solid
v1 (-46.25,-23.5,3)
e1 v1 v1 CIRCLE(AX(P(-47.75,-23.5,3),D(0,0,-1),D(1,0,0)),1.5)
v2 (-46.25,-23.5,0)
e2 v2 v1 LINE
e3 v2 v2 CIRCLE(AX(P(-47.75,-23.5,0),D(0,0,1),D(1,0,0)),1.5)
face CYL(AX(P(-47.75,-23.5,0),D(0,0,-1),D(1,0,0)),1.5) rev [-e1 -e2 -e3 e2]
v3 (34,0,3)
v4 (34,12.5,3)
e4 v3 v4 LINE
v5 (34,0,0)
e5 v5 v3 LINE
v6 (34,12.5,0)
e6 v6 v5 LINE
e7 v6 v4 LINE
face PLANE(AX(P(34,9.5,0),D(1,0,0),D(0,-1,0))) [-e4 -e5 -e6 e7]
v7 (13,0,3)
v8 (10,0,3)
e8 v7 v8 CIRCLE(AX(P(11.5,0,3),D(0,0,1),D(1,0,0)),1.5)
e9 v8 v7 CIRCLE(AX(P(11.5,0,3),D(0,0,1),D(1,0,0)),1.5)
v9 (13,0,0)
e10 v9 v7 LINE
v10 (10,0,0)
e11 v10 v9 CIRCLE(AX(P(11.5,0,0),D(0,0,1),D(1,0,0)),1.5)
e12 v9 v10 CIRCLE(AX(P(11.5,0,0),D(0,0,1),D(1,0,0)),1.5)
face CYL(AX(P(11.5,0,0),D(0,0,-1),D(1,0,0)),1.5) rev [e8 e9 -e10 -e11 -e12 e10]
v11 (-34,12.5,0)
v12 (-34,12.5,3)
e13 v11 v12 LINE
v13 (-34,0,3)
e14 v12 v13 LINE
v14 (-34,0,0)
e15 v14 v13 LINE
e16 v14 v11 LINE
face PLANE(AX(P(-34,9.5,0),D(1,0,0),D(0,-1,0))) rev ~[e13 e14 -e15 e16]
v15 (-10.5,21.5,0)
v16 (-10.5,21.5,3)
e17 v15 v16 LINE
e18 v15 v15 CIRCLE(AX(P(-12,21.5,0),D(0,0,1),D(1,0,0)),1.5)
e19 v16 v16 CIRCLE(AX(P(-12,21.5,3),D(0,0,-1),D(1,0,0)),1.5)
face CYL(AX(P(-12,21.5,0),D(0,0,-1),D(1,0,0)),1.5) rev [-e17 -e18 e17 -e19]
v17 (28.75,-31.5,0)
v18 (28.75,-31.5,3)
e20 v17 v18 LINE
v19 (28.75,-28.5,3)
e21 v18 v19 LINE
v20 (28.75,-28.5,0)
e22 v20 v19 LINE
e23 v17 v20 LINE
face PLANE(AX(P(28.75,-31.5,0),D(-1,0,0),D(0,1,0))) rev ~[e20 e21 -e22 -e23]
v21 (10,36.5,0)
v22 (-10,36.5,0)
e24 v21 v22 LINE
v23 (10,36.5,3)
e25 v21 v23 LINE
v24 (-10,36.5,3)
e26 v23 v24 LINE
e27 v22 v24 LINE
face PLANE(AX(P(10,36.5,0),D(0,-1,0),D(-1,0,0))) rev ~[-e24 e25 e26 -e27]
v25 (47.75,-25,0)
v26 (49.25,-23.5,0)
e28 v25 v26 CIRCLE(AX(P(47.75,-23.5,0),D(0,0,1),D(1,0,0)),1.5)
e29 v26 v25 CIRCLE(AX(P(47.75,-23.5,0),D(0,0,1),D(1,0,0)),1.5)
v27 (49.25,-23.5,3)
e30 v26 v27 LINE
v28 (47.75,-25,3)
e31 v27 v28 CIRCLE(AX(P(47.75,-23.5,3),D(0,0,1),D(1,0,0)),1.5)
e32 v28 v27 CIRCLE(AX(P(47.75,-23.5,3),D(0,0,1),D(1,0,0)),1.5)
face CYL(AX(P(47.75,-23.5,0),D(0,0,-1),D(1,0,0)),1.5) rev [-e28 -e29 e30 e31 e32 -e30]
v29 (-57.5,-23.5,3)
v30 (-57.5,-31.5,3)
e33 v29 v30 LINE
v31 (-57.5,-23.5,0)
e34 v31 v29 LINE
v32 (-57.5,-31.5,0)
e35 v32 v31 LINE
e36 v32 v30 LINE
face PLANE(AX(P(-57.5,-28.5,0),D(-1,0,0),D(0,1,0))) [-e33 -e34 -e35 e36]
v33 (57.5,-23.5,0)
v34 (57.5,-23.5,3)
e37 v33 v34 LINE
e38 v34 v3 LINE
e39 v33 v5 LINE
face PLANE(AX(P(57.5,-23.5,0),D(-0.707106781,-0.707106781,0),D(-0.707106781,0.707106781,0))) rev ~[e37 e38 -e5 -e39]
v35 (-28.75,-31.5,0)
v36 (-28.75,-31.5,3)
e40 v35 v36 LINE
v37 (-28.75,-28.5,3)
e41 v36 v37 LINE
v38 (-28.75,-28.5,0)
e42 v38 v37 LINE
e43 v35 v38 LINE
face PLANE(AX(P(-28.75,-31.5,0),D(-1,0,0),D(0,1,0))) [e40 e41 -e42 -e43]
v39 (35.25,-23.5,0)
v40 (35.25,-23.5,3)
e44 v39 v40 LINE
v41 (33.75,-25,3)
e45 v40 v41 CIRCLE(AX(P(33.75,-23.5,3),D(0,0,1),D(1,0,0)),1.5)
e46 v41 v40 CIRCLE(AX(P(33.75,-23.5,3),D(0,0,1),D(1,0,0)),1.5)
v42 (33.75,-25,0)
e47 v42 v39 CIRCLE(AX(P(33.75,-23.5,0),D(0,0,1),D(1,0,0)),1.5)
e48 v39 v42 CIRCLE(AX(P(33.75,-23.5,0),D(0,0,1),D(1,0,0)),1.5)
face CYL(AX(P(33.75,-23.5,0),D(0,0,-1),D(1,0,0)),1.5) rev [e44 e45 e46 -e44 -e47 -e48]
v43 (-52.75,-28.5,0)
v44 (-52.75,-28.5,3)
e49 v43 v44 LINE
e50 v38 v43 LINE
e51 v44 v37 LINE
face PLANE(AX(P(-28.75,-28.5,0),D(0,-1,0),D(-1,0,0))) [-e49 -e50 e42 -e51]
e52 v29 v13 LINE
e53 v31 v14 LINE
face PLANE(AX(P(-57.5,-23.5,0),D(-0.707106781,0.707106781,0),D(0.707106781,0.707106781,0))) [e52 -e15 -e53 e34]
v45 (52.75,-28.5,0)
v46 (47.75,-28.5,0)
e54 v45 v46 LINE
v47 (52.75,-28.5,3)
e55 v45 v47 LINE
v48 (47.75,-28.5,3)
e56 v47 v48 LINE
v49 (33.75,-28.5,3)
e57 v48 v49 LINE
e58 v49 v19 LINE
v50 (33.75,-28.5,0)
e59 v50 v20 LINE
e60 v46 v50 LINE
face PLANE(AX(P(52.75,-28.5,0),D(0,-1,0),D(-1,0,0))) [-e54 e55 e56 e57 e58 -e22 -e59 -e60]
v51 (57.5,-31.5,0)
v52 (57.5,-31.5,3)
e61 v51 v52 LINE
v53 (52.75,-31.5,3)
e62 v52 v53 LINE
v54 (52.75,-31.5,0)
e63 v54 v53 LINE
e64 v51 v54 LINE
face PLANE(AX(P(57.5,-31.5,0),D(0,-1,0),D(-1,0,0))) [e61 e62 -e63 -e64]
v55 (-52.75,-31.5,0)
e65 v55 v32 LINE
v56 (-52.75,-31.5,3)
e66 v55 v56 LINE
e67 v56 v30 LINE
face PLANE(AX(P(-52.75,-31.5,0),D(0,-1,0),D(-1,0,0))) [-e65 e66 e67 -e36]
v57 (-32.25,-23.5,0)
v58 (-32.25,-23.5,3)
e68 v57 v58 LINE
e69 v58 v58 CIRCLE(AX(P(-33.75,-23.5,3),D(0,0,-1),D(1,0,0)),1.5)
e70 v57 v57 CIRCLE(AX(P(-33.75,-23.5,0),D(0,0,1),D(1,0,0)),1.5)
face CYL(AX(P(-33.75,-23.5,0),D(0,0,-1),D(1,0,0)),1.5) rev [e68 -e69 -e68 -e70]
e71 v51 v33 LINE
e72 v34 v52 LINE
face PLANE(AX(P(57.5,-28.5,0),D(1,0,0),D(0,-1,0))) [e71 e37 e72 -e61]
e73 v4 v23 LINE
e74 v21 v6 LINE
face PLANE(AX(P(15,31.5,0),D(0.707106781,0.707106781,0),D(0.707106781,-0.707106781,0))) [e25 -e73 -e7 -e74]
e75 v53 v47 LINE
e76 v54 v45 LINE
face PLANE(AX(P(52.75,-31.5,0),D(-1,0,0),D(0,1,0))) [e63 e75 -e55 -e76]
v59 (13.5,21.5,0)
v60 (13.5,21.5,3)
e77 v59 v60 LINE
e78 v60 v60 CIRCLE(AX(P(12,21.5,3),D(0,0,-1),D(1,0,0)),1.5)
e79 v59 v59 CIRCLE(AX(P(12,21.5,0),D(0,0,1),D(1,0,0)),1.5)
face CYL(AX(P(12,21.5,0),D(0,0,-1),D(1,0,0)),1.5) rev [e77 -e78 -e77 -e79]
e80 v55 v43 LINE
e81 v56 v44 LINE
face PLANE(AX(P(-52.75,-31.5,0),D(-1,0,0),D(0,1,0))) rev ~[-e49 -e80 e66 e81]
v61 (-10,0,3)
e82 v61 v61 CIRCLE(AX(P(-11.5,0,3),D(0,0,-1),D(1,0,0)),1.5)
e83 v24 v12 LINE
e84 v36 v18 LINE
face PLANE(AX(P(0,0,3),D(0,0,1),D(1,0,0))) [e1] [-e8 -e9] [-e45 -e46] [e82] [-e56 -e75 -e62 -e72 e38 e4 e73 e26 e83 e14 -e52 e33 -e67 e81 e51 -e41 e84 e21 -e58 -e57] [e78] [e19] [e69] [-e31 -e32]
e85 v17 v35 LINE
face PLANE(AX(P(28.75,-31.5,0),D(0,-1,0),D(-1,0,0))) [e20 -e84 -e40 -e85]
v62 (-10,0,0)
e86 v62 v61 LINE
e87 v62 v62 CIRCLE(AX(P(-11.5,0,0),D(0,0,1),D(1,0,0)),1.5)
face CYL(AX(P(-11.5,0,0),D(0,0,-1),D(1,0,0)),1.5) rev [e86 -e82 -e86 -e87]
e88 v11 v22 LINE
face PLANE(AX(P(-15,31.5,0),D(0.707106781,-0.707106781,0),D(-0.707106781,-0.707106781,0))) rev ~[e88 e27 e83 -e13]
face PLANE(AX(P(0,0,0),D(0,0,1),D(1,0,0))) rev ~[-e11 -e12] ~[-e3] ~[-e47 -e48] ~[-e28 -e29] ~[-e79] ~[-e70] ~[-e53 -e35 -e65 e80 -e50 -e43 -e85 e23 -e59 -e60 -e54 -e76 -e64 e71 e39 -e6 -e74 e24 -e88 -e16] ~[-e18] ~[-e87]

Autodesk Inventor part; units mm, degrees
ref_plane "YZ Plane" through (0, 0, 0) normal (1, 0, 0) x (0, 1, 0)
ref_plane "XZ Plane" through (0, 0, 0) normal (0, 1, 0) x (-1, 0, 0)
ref_plane "XY Plane" through (0, 0, 0) normal (0, 0, 1) x (1, 0, 0)
sketch "Эскиз1" plane through (0, 0, 0) normal (0, 0, 1) x (1, 0, 0)
  line L0 (57.5, -31.5) -> (-57.5, -31.5)
  line L1 (-57.5, -31.5) -> (-57.5, 31.5)
  line L2 (-57.5, 31.5) -> (57.5, 31.5)
  line L3 (57.5, 31.5) -> (57.5, -31.5)
  line L4 (57.5, -31.5) -> (-57.5, 31.5) construction
  line L5 (-57.5, -31.5) -> (57.5, 31.5) construction
  line L6 (0, 0) -> (0, 31.5)
  line L7 (0, 31.5) -> (12, 31.5)
  line L8 (12, 31.5) -> (12, 21.5)
  line L9 (12, 21.5) -> (0, 21.5)
  line L10 (0, 21.5) -> (0, 31.5)
  line L11 (0, 31.5) -> (-12, 31.5)
  line L12 (-12, 31.5) -> (-12, 21.5)
  line L13 (-12, 21.5) -> (0, 21.5)
  line L14 (0, 21.5) -> (0, 31.5)
  circle A0 centre (-12, 21.5) radius 1.5
  circle A1 centre (12, 21.5) radius 1.5
  line L15 (0, 0) -> (-33.75, 0)
  line L16 (-33.75, 0) -> (-33.75, -31.5)
  line L17 (-33.75, -31.5) -> (0, -31.5)
  line L18 (0, -31.5) -> (0, 0)
  line L19 (0, -31.5) -> (-33.75, -31.5)
  line L20 (-33.75, -31.5) -> (-33.75, -23.5)
  line L21 (-33.75, -23.5) -> (0, -23.5)
  line L22 (0, -23.5) -> (0, -31.5)
  line L23 (-57.5, -31.5) -> (57.5, -31.5)
  line L24 (57.5, -31.5) -> (57.5, -28.5)
  line L25 (57.5, -28.5) -> (-57.5, -28.5)
  line L26 (-57.5, -28.5) -> (-57.5, -31.5)
  circle A2 centre (-33.75, -23.5) radius 1.5
  line L27 (-33.75, -23.5) -> (-47.75, -23.5)
  line L28 (-47.75, -23.5) -> (-47.75, -31.5)
  line L29 (-47.75, -31.5) -> (-33.75, -31.5)
  line L30 (-33.75, -31.5) -> (-33.75, -23.5)
  circle A3 centre (-47.75, -23.5) radius 1.5
  line L31 (33.75, -31.5) -> (33.75, -23.5)
  circle A4 centre (33.75, -23.5) radius 1.5
  line L32 (47.75, -23.5) -> (47.75, -31.5)
  circle A5 centre (47.75, -23.5) radius 1.5
  line L33 (0, 0) -> (11.5, 0)
  circle A6 centre (11.5, 0) radius 1.5
  circle A7 centre (-11.5, 0) radius 1.5
  line L34 (-33.75, -31.5) -> (-28.75, -31.5)
  line L35 (-28.75, -31.5) -> (-28.75, -28.5)
  line L36 (-28.75, -28.5) -> (-33.75, -28.5)
  line L37 (-33.75, -28.5) -> (-33.75, -31.5)
  line L38 (-47.75, -31.5) -> (-52.75, -31.5)
  line L39 (-52.75, -31.5) -> (-52.75, -28.5)
  line L40 (-52.75, -28.5) -> (-47.75, -28.5)
  line L41 (-47.75, -28.5) -> (-47.75, -31.5)
  line L42 (28.75, -31.5) -> (28.75, -28.5)
  line L43 (52.75, -31.5) -> (52.75, -28.5)
  line L44 (-47.75, -23.5) -> (-57.5, -23.5)
  line L45 (-57.5, -23.5) -> (-34, 0)
  line L46 (-57.5, -23.5) -> (-24.266, -23.5) construction
  line L47 (-12, 31.5) -> (-34, 9.5)
  line L48 (-12, 31.5) -> (19.1127, 31.5) construction
  line L49 (-34, 9.5) -> (-34, 0)
  line L50 (-57.5, -31.5) -> (57.5, 31.5) construction
  line L51 (57.5, -23.5) -> (34, 0)
  line L52 (12, 31.5) -> (34, 9.5)
  line L53 (34, 9.5) -> (34, 0)
  line L54 (34, 9.5) -> (34, 31.5)
  line L55 (-34, 9.5) -> (-34, 31.5)
  line L56 (12, 31.5) -> (15, 31.5)
  line L57 (15, 31.5) -> (34, 12.5)
  line L58 (-12, 31.5) -> (-15, 31.5)
  line L59 (-15, 31.5) -> (-34, 12.5)
  line L60 (-57.5, 31.5) -> (57.5, 31.5)
  line L61 (57.5, 31.5) -> (57.5, 36.5)
  line L62 (57.5, 36.5) -> (-57.5, 36.5)
  line L63 (-57.5, 36.5) -> (-57.5, 31.5)
  line L64 (-15, 31.5) -> (-10, 36.5)
  line L65 (15, 31.5) -> (10, 36.5)
  point P0 (-47.75, -28.5)
  point P1 (-33.75, -28.5)
  point P2 (33.75, -28.5)
  point P3 (47.75, -28.5)
  dimension "d0" = 115
  dimension "d1" = 63
  dimension "d2" = 12
  dimension "d3" = 10
  dimension "d4" = 12
  dimension "d5" = 3
  dimension "d6" = 3
  dimension "d7" = 33.75
  dimension "d8" = 8
  dimension "d9" = 3
  dimension "d10" = 3
  dimension "d11" = 14
  dimension "d12" = 3
  dimension "d13" = 11.5
  dimension "d14" = 3
  dimension "d17" = 5
  dimension "d18" = 5
  dimension "d19" = 45
  dimension "d20" = 135
  dimension "d21" = 3
  dimension "d22" = 135
  dimension "d23" = 3
  dimension "d24" = 5
extrude "Выдавливание1" add sketch "Эскиз1" along normal blind 3 contours L0 L43 L25 L3 | L25 L18 L6 L9 A1 L8 L52 L53 L51 L3 | L0 L18 L25 L42 | L52 L2 L57 L54 | L0 L35 L25 L18 | L2 L64 L62 L65 | L8 A1 L9 L6 L2 | L25 L16 A2 L21 L18 | L6 L13 A0 L12 L2 | L21 A2 L16 L15 A7 L18 | L2 L47 L55 L59 | L12 A0 L13 L6 L15 A7 L16 A2 L27 A3 L44 L45 L49 L47 | L25 L28 A3 L27 A2 L16 | L0 L1 L25 L39 | L25 L1 L44 A3 L28
properties part number "дно"
